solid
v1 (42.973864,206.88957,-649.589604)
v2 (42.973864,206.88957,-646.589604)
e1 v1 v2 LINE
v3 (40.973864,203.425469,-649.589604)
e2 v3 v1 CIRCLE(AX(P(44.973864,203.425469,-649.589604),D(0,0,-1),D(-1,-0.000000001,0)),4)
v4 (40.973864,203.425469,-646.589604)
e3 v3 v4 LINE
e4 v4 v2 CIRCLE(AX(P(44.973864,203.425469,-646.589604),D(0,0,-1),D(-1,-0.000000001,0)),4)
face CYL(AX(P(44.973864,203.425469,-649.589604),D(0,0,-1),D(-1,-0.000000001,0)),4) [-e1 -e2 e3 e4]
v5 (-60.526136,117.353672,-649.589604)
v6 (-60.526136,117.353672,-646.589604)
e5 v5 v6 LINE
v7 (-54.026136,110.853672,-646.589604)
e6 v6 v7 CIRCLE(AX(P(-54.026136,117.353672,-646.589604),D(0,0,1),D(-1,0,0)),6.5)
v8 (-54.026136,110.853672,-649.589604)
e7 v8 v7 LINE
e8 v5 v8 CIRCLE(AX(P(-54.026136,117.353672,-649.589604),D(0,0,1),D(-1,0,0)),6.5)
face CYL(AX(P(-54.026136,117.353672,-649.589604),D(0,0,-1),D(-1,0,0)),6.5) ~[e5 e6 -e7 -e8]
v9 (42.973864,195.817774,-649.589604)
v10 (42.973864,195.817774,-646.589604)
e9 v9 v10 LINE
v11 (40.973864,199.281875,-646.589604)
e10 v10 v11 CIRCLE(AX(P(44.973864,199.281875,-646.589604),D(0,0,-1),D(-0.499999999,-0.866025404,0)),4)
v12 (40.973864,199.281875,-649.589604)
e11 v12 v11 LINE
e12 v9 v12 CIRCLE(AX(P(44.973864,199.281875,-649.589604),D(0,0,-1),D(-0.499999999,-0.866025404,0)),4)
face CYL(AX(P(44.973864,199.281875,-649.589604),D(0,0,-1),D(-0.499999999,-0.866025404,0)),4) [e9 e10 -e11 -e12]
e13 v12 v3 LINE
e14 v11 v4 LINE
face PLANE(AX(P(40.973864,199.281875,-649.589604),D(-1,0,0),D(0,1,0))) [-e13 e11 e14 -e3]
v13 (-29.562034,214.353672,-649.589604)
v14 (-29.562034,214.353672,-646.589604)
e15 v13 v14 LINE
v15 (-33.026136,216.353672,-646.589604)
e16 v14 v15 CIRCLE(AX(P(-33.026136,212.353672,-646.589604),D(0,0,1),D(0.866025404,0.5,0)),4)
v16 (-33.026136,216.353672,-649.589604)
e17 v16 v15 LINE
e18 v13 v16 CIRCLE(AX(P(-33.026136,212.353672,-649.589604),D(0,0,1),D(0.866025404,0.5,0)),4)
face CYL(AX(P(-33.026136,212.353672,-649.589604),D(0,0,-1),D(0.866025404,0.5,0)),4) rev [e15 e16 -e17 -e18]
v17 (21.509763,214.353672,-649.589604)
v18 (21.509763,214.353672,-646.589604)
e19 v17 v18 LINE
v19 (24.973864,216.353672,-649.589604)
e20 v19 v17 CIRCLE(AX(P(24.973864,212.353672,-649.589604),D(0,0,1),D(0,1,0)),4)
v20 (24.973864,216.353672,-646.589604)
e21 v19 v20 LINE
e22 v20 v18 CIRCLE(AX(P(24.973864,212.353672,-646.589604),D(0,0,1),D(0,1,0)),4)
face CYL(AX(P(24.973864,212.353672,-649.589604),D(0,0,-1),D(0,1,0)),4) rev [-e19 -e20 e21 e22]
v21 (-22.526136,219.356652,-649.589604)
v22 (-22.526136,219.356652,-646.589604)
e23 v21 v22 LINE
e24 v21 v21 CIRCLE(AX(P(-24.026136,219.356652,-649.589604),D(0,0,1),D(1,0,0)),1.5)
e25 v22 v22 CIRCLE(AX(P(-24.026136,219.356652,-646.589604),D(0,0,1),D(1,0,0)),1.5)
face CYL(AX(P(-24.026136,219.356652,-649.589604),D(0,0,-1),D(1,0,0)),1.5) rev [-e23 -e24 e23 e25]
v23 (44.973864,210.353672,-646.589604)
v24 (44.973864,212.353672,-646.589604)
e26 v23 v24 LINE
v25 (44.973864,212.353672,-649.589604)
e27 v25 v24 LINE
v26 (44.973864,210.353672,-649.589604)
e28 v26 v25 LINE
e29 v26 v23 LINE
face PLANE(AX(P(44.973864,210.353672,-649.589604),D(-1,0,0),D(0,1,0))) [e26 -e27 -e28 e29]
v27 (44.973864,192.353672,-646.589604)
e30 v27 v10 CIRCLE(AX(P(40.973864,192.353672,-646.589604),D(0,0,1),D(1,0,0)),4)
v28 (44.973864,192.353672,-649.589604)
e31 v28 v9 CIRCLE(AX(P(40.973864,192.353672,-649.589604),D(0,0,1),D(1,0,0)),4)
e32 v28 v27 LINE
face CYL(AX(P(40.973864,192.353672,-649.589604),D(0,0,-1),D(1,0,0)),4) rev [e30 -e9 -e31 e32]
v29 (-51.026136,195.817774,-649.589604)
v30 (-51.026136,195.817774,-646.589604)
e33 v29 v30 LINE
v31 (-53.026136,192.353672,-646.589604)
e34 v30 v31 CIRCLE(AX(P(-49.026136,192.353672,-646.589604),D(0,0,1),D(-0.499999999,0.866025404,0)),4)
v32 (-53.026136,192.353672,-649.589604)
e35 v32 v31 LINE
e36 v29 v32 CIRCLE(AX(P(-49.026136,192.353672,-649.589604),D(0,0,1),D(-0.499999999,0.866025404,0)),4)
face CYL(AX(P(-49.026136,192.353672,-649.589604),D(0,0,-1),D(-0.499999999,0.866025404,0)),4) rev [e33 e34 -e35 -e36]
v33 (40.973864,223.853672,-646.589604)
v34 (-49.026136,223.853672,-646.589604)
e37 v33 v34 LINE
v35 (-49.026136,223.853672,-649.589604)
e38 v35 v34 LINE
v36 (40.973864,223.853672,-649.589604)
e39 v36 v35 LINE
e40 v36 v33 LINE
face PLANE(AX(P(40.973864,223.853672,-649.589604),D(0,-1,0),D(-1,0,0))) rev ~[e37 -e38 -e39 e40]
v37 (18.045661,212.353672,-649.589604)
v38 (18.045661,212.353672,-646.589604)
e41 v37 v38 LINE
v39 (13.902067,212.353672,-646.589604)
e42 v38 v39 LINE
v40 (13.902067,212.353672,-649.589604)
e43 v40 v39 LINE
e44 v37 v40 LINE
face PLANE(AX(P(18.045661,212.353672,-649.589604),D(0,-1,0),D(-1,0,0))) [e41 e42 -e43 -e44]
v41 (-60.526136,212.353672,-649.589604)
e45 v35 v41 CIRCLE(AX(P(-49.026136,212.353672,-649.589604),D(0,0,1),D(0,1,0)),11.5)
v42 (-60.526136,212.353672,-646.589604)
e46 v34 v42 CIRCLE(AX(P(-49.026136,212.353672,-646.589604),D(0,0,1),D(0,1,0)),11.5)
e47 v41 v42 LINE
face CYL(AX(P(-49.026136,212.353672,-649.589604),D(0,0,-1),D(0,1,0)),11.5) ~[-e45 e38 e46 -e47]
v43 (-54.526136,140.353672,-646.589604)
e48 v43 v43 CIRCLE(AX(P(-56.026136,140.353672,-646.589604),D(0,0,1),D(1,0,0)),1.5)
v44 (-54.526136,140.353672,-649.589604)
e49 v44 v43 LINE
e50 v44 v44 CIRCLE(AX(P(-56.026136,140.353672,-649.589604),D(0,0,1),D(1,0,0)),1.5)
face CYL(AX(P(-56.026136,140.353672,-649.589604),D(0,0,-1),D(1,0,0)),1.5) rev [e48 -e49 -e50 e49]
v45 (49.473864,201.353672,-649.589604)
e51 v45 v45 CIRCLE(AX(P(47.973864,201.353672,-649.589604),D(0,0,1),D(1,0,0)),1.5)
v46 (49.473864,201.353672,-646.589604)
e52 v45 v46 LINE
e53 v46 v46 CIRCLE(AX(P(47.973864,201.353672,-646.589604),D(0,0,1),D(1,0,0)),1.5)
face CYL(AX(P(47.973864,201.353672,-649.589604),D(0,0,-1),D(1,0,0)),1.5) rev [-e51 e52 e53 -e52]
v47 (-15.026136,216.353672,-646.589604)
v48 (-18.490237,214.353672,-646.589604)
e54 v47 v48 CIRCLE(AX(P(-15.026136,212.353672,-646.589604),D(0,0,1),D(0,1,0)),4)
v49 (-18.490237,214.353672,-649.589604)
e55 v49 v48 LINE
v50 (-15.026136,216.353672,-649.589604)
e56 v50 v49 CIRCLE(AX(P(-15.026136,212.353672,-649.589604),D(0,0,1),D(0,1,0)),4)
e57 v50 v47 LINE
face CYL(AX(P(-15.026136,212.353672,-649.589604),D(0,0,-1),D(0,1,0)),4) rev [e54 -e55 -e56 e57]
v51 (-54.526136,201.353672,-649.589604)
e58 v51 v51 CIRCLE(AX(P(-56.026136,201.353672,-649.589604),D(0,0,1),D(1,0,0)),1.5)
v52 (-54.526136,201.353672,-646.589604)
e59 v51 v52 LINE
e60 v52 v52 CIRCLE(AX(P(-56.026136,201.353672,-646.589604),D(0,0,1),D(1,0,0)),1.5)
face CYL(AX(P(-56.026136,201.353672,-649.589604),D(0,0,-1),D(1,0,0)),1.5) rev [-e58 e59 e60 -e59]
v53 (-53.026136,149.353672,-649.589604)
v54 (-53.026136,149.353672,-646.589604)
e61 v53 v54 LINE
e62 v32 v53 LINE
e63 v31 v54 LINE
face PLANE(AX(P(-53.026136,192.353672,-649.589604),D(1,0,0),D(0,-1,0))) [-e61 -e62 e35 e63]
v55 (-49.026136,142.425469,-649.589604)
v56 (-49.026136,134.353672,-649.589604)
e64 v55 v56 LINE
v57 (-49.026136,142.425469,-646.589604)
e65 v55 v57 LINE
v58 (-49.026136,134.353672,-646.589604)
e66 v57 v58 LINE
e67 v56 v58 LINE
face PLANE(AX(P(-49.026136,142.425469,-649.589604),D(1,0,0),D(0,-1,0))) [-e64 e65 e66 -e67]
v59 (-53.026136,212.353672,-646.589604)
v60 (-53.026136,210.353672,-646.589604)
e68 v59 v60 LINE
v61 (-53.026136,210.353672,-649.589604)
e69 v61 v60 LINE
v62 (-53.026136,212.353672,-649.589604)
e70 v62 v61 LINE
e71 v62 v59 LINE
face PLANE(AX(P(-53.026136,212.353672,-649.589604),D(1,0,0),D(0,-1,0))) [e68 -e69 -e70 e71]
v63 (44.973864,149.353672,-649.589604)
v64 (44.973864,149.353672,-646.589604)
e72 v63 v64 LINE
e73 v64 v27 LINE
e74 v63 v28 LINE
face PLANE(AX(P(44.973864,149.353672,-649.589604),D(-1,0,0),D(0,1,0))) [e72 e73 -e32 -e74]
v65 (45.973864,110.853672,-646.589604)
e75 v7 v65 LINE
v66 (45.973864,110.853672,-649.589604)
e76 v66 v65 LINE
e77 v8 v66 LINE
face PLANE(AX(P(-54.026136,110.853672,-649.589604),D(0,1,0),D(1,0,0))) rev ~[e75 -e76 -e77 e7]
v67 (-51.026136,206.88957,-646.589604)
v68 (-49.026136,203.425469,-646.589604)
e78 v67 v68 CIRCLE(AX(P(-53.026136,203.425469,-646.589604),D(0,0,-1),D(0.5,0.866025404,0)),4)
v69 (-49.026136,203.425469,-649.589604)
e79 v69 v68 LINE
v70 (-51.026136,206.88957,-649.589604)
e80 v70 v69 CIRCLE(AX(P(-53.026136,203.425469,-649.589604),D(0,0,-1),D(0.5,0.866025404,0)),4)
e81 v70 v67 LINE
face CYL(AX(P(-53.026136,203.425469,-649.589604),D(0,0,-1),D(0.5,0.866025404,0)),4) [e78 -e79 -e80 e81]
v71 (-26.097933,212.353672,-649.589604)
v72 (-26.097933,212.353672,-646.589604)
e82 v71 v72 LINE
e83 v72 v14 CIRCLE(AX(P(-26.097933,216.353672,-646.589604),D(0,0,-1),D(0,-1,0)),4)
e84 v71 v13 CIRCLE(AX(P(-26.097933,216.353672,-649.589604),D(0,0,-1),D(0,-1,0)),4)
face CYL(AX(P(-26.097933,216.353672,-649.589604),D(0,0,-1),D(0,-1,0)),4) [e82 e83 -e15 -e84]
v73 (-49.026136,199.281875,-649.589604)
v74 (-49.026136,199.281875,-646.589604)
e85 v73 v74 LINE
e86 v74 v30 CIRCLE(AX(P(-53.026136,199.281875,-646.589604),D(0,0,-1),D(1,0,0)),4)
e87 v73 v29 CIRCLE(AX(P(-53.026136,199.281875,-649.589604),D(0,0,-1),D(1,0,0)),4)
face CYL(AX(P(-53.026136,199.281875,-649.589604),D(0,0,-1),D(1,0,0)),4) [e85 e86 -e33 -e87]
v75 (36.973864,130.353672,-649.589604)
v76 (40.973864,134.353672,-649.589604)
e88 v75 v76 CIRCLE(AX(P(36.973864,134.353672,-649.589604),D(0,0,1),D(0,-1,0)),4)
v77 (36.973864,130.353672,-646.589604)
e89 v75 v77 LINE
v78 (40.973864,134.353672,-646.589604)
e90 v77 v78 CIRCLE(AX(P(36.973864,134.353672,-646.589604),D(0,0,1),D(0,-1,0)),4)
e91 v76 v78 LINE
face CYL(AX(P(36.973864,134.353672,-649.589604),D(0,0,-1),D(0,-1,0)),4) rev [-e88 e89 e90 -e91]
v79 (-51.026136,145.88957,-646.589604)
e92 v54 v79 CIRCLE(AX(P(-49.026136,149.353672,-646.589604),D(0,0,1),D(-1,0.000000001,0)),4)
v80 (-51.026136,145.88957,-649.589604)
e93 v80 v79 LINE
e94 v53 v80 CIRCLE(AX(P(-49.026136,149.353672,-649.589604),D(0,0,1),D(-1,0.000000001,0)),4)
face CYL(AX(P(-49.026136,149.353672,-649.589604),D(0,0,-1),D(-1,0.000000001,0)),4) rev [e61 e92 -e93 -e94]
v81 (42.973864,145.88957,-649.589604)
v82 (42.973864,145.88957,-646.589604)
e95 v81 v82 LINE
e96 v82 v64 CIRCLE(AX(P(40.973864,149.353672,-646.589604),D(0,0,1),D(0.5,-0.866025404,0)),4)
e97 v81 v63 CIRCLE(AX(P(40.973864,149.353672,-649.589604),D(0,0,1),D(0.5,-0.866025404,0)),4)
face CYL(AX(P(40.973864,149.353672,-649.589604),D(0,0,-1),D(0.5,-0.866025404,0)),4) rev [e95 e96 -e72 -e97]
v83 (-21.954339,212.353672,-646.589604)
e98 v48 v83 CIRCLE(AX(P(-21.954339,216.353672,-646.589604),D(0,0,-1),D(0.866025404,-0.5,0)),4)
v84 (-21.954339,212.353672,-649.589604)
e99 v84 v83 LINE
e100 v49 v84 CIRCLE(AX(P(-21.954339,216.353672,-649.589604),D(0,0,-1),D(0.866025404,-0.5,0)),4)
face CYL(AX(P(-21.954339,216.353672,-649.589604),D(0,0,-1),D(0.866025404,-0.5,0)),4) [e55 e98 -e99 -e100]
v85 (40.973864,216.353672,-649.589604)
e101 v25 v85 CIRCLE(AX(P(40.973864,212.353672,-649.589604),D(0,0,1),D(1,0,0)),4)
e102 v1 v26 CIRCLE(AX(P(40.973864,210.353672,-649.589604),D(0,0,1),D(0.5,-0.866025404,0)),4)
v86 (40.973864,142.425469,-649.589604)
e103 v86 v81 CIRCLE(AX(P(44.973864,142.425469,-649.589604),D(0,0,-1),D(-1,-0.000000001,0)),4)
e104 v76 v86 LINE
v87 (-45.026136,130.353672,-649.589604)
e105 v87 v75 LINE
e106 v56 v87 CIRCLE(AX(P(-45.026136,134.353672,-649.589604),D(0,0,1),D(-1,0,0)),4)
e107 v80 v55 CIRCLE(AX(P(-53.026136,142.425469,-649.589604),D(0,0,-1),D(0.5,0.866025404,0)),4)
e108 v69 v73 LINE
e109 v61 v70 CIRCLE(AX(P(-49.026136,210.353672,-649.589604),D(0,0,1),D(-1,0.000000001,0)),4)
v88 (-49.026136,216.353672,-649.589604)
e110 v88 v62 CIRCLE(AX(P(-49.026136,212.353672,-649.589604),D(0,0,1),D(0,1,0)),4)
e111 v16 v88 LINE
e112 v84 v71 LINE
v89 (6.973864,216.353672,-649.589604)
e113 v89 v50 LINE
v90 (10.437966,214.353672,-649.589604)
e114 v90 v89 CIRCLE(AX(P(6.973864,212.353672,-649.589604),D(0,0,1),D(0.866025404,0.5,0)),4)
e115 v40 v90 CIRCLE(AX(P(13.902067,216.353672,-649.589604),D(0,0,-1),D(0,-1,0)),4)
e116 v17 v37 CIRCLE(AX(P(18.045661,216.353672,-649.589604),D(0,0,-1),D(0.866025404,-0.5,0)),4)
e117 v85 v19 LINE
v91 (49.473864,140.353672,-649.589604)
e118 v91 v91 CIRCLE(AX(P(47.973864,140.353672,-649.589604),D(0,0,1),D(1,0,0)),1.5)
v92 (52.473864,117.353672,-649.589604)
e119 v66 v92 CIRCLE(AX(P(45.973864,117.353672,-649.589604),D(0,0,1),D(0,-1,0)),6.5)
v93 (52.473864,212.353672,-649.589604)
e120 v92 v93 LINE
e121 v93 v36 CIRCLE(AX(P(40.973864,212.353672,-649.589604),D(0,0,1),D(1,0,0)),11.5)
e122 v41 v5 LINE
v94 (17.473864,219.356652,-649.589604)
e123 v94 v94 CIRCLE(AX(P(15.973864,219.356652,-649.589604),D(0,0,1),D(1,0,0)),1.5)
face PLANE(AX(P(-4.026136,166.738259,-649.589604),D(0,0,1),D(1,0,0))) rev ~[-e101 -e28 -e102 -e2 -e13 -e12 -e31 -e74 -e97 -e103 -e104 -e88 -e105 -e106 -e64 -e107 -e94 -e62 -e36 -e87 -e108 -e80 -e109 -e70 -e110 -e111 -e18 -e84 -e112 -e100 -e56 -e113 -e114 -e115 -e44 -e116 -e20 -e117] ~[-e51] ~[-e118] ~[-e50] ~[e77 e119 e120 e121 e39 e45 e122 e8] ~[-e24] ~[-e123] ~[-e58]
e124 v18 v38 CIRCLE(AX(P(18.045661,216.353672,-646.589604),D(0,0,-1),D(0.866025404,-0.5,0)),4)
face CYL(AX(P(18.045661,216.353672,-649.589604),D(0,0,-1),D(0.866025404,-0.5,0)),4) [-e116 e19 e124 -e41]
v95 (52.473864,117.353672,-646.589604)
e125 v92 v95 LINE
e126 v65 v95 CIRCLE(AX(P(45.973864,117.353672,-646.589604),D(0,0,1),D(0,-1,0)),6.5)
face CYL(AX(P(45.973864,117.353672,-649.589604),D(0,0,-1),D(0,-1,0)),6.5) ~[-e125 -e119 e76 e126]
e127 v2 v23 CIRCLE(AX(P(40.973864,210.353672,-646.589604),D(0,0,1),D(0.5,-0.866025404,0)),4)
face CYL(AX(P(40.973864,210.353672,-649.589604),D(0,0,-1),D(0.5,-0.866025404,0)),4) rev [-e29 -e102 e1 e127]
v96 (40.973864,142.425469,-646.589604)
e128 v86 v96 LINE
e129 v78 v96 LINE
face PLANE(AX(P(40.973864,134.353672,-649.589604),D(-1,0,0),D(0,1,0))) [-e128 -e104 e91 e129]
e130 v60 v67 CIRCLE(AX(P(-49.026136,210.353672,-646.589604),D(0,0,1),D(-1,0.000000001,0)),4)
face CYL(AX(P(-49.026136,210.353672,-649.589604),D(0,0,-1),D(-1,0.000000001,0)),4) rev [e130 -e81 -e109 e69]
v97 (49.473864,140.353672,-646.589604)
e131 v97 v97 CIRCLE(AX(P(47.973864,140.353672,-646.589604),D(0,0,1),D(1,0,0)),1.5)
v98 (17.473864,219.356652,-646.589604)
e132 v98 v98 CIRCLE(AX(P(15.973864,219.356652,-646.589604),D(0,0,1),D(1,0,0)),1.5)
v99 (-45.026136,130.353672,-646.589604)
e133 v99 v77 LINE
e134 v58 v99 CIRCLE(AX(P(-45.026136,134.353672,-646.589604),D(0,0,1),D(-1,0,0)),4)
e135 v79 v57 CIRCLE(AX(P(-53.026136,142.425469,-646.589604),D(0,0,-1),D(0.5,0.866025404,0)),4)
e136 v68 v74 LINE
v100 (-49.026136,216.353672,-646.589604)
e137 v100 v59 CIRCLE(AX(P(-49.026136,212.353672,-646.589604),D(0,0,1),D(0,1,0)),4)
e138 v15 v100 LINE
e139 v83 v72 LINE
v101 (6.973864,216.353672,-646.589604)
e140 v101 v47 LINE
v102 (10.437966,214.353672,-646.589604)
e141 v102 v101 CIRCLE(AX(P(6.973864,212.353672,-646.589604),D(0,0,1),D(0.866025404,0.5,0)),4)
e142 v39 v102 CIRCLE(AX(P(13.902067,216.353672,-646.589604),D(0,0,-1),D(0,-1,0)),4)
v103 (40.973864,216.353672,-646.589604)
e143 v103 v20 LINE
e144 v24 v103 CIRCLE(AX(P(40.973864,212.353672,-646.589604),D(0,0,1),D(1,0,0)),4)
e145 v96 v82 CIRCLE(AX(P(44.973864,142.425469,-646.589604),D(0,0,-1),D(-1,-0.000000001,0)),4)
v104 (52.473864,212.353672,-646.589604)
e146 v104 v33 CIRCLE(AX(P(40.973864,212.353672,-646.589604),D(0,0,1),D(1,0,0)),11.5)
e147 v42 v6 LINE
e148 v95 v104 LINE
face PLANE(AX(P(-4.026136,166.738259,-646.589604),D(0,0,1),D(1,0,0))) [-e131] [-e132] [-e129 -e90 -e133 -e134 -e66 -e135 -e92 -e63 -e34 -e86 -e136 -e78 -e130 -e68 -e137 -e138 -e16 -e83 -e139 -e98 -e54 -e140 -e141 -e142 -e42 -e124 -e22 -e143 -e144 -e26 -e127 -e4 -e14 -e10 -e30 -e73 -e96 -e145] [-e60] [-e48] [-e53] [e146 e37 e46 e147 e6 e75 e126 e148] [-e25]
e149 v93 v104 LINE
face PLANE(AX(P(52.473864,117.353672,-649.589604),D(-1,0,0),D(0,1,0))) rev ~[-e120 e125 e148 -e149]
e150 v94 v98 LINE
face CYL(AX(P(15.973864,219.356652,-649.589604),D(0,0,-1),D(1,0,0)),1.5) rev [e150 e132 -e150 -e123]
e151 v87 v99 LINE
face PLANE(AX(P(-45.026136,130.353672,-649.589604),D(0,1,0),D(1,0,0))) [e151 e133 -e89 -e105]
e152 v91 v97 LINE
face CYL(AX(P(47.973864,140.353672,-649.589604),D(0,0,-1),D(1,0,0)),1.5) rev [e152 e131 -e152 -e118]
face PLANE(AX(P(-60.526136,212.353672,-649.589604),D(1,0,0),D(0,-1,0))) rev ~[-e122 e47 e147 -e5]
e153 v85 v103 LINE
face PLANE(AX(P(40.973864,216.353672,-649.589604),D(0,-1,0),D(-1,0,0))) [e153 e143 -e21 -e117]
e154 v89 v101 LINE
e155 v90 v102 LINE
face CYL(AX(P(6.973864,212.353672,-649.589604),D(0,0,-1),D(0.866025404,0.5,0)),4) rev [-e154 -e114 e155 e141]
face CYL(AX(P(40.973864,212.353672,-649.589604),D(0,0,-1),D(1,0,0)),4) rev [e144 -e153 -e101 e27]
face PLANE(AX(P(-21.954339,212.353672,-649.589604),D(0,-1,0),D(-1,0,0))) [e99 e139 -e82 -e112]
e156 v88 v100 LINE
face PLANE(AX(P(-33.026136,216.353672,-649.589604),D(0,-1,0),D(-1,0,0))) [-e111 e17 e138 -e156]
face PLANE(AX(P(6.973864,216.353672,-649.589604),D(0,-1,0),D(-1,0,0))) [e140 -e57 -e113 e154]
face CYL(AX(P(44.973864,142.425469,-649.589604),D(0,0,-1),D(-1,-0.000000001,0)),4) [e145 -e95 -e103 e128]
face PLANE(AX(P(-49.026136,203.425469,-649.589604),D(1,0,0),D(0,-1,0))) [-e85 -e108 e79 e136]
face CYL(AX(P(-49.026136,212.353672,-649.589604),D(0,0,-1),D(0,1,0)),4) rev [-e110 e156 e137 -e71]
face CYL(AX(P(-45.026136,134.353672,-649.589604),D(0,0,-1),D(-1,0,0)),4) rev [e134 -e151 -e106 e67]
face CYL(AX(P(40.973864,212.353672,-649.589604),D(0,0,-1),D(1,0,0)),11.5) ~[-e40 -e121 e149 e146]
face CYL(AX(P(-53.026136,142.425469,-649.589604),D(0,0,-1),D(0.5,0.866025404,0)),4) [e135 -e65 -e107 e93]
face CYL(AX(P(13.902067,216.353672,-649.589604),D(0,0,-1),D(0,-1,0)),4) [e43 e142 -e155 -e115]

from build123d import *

# Parameters (mm, degrees)
SKETCH2_R           = 1.5
BOSS_EXTRUDE4_DEPTH = 3


with BuildPart() as part:
    # Sketch2 → Boss-Extrude4 (new body)
    with BuildSketch(Plane.XY.offset(-649.589603716)):
        with BuildLine():
            Line((40.97386422, 223.853671966), (-49.02613578, 223.853671966))
            ThreePointArc((-49.02613578, 223.853671966), (-57.157863764, 220.48539995), (-60.52613578, 212.353671966))
            Line((-60.52613578, 212.353671966), (-60.52613578, 117.353671966))
            ThreePointArc((-60.52613578, 117.353671966), (-58.622329858, 112.757477888), (-54.02613578, 110.853671966))
            Line((-54.02613578, 110.853671966), (45.97386422, 110.853671966))
            ThreePointArc((45.97386422, 110.853671966), (50.570058297, 112.757477888), (52.47386422, 117.353671966))
            Line((52.47386422, 117.353671966), (52.47386422, 212.353671966))
            ThreePointArc((52.47386422, 212.353671966), (49.105592203, 220.48539995), (40.97386422, 223.853671966))
        make_face()
        with Locations((-56.02613578, 201.353671966)):
            Circle(SKETCH2_R, mode=Mode.SUBTRACT)
        with Locations((-24.02613578, 219.356652382)):
            Circle(SKETCH2_R, mode=Mode.SUBTRACT)
        with Locations((15.97386422, 219.356652382)):
            Circle(SKETCH2_R, mode=Mode.SUBTRACT)
        with Locations((47.97386422, 201.353671966)):
            Circle(SKETCH2_R, mode=Mode.SUBTRACT)
        with Locations((47.97386422, 140.353671966)):
            Circle(SKETCH2_R, mode=Mode.SUBTRACT)
        with Locations((-56.02613578, 140.353671966)):
            Circle(SKETCH2_R, mode=Mode.SUBTRACT)
        with BuildLine():
            Line((-53.02613578, 192.353671966), (-53.02613578, 162.353671966))
            Line((-53.02613578, 162.353671966), (-53.02613578, 149.353671966))
            ThreePointArc((-53.02613578, 149.353671966), (-52.490237396, 147.353671966), (-51.02613578, 145.889570351))
            ThreePointArc((-51.02613578, 145.889570351), (-49.562034165, 144.425468736), (-49.02613578, 142.425468736))
            Line((-49.02613578, 142.425468736), (-49.02613578, 134.353671966))
            ThreePointArc((-49.02613578, 134.353671966), (-47.854562905, 131.525244841), (-45.02613578, 130.353671966))
            Line((-45.02613578, 130.353671966), (36.97386422, 130.353671966))
            ThreePointArc((36.97386422, 130.353671966), (39.802291344, 131.525244841), (40.97386422, 134.353671966))
            Line((40.97386422, 134.353671966), (40.97386422, 142.425468736))
            ThreePointArc((40.97386422, 142.425468736), (41.509762604, 144.425468736), (42.97386422, 145.889570351))
            ThreePointArc((42.97386422, 145.889570351), (44.437965835, 147.353671966), (44.97386422, 149.353671966))
            Line((44.97386422, 149.353671966), (44.97386422, 192.353671966))
            ThreePointArc((44.97386422, 192.353671966), (44.437965835, 194.353671966), (42.97386422, 195.817773581))
            ThreePointArc((42.97386422, 195.817773581), (41.509762604, 197.281875196), (40.97386422, 199.281875196))
            Line((40.97386422, 199.281875196), (40.97386422, 203.425468736))
            ThreePointArc((40.97386422, 203.425468736), (41.509762604, 205.425468736), (42.97386422, 206.889570351))
            ThreePointArc((42.97386422, 206.889570351), (44.437965835, 208.353671966), (44.97386422, 210.353671966))
            Line((44.97386422, 210.353671966), (44.97386422, 212.353671966))
            ThreePointArc((44.97386422, 212.353671966), (43.802291344, 215.182099091), (40.97386422, 216.353671966))
            Line((40.97386422, 216.353671966), (24.97386422, 216.353671966))
            ThreePointArc((24.97386422, 216.353671966), (22.97386422, 215.817773581), (21.509762604, 214.353671966))
            ThreePointArc((21.509762604, 214.353671966), (20.045660989, 212.889570351), (18.045660989, 212.353671966))
            Line((18.045660989, 212.353671966), (13.90206745, 212.353671966))
            ThreePointArc((13.90206745, 212.353671966), (11.90206745, 212.889570351), (10.437965835, 214.353671966))
            ThreePointArc((10.437965835, 214.353671966), (8.97386422, 215.817773581), (6.97386422, 216.353671966))
            Line((6.97386422, 216.353671966), (-15.02613578, 216.353671966))
            ThreePointArc((-15.02613578, 216.353671966), (-17.02613578, 215.817773581), (-18.490237396, 214.353671966))
            ThreePointArc((-18.490237396, 214.353671966), (-19.954339011, 212.889570351), (-21.954339011, 212.353671966))
            Line((-21.954339011, 212.353671966), (-26.09793255, 212.353671966))
            ThreePointArc((-26.09793255, 212.353671966), (-28.09793255, 212.889570351), (-29.562034165, 214.353671966))
            ThreePointArc((-29.562034165, 214.353671966), (-31.02613578, 215.817773581), (-33.02613578, 216.353671966))
            Line((-33.02613578, 216.353671966), (-49.02613578, 216.353671966))
            ThreePointArc((-49.02613578, 216.353671966), (-51.854562905, 215.182099091), (-53.02613578, 212.353671966))
            Line((-53.02613578, 212.353671966), (-53.02613578, 210.353671966))
            ThreePointArc((-53.02613578, 210.353671966), (-52.490237396, 208.353671966), (-51.02613578, 206.889570351))
            ThreePointArc((-51.02613578, 206.889570351), (-49.562034165, 205.425468736), (-49.02613578, 203.425468736))
            Line((-49.02613578, 203.425468736), (-49.02613578, 199.281875196))
            ThreePointArc((-49.02613578, 199.281875196), (-49.562034165, 197.281875196), (-51.02613578, 195.817773581))
            ThreePointArc((-51.02613578, 195.817773581), (-52.490237396, 194.353671966), (-53.02613578, 192.353671966))
        make_face(mode=Mode.SUBTRACT)
    extrude(amount=BOSS_EXTRUDE4_DEPTH)


solid = part.part
